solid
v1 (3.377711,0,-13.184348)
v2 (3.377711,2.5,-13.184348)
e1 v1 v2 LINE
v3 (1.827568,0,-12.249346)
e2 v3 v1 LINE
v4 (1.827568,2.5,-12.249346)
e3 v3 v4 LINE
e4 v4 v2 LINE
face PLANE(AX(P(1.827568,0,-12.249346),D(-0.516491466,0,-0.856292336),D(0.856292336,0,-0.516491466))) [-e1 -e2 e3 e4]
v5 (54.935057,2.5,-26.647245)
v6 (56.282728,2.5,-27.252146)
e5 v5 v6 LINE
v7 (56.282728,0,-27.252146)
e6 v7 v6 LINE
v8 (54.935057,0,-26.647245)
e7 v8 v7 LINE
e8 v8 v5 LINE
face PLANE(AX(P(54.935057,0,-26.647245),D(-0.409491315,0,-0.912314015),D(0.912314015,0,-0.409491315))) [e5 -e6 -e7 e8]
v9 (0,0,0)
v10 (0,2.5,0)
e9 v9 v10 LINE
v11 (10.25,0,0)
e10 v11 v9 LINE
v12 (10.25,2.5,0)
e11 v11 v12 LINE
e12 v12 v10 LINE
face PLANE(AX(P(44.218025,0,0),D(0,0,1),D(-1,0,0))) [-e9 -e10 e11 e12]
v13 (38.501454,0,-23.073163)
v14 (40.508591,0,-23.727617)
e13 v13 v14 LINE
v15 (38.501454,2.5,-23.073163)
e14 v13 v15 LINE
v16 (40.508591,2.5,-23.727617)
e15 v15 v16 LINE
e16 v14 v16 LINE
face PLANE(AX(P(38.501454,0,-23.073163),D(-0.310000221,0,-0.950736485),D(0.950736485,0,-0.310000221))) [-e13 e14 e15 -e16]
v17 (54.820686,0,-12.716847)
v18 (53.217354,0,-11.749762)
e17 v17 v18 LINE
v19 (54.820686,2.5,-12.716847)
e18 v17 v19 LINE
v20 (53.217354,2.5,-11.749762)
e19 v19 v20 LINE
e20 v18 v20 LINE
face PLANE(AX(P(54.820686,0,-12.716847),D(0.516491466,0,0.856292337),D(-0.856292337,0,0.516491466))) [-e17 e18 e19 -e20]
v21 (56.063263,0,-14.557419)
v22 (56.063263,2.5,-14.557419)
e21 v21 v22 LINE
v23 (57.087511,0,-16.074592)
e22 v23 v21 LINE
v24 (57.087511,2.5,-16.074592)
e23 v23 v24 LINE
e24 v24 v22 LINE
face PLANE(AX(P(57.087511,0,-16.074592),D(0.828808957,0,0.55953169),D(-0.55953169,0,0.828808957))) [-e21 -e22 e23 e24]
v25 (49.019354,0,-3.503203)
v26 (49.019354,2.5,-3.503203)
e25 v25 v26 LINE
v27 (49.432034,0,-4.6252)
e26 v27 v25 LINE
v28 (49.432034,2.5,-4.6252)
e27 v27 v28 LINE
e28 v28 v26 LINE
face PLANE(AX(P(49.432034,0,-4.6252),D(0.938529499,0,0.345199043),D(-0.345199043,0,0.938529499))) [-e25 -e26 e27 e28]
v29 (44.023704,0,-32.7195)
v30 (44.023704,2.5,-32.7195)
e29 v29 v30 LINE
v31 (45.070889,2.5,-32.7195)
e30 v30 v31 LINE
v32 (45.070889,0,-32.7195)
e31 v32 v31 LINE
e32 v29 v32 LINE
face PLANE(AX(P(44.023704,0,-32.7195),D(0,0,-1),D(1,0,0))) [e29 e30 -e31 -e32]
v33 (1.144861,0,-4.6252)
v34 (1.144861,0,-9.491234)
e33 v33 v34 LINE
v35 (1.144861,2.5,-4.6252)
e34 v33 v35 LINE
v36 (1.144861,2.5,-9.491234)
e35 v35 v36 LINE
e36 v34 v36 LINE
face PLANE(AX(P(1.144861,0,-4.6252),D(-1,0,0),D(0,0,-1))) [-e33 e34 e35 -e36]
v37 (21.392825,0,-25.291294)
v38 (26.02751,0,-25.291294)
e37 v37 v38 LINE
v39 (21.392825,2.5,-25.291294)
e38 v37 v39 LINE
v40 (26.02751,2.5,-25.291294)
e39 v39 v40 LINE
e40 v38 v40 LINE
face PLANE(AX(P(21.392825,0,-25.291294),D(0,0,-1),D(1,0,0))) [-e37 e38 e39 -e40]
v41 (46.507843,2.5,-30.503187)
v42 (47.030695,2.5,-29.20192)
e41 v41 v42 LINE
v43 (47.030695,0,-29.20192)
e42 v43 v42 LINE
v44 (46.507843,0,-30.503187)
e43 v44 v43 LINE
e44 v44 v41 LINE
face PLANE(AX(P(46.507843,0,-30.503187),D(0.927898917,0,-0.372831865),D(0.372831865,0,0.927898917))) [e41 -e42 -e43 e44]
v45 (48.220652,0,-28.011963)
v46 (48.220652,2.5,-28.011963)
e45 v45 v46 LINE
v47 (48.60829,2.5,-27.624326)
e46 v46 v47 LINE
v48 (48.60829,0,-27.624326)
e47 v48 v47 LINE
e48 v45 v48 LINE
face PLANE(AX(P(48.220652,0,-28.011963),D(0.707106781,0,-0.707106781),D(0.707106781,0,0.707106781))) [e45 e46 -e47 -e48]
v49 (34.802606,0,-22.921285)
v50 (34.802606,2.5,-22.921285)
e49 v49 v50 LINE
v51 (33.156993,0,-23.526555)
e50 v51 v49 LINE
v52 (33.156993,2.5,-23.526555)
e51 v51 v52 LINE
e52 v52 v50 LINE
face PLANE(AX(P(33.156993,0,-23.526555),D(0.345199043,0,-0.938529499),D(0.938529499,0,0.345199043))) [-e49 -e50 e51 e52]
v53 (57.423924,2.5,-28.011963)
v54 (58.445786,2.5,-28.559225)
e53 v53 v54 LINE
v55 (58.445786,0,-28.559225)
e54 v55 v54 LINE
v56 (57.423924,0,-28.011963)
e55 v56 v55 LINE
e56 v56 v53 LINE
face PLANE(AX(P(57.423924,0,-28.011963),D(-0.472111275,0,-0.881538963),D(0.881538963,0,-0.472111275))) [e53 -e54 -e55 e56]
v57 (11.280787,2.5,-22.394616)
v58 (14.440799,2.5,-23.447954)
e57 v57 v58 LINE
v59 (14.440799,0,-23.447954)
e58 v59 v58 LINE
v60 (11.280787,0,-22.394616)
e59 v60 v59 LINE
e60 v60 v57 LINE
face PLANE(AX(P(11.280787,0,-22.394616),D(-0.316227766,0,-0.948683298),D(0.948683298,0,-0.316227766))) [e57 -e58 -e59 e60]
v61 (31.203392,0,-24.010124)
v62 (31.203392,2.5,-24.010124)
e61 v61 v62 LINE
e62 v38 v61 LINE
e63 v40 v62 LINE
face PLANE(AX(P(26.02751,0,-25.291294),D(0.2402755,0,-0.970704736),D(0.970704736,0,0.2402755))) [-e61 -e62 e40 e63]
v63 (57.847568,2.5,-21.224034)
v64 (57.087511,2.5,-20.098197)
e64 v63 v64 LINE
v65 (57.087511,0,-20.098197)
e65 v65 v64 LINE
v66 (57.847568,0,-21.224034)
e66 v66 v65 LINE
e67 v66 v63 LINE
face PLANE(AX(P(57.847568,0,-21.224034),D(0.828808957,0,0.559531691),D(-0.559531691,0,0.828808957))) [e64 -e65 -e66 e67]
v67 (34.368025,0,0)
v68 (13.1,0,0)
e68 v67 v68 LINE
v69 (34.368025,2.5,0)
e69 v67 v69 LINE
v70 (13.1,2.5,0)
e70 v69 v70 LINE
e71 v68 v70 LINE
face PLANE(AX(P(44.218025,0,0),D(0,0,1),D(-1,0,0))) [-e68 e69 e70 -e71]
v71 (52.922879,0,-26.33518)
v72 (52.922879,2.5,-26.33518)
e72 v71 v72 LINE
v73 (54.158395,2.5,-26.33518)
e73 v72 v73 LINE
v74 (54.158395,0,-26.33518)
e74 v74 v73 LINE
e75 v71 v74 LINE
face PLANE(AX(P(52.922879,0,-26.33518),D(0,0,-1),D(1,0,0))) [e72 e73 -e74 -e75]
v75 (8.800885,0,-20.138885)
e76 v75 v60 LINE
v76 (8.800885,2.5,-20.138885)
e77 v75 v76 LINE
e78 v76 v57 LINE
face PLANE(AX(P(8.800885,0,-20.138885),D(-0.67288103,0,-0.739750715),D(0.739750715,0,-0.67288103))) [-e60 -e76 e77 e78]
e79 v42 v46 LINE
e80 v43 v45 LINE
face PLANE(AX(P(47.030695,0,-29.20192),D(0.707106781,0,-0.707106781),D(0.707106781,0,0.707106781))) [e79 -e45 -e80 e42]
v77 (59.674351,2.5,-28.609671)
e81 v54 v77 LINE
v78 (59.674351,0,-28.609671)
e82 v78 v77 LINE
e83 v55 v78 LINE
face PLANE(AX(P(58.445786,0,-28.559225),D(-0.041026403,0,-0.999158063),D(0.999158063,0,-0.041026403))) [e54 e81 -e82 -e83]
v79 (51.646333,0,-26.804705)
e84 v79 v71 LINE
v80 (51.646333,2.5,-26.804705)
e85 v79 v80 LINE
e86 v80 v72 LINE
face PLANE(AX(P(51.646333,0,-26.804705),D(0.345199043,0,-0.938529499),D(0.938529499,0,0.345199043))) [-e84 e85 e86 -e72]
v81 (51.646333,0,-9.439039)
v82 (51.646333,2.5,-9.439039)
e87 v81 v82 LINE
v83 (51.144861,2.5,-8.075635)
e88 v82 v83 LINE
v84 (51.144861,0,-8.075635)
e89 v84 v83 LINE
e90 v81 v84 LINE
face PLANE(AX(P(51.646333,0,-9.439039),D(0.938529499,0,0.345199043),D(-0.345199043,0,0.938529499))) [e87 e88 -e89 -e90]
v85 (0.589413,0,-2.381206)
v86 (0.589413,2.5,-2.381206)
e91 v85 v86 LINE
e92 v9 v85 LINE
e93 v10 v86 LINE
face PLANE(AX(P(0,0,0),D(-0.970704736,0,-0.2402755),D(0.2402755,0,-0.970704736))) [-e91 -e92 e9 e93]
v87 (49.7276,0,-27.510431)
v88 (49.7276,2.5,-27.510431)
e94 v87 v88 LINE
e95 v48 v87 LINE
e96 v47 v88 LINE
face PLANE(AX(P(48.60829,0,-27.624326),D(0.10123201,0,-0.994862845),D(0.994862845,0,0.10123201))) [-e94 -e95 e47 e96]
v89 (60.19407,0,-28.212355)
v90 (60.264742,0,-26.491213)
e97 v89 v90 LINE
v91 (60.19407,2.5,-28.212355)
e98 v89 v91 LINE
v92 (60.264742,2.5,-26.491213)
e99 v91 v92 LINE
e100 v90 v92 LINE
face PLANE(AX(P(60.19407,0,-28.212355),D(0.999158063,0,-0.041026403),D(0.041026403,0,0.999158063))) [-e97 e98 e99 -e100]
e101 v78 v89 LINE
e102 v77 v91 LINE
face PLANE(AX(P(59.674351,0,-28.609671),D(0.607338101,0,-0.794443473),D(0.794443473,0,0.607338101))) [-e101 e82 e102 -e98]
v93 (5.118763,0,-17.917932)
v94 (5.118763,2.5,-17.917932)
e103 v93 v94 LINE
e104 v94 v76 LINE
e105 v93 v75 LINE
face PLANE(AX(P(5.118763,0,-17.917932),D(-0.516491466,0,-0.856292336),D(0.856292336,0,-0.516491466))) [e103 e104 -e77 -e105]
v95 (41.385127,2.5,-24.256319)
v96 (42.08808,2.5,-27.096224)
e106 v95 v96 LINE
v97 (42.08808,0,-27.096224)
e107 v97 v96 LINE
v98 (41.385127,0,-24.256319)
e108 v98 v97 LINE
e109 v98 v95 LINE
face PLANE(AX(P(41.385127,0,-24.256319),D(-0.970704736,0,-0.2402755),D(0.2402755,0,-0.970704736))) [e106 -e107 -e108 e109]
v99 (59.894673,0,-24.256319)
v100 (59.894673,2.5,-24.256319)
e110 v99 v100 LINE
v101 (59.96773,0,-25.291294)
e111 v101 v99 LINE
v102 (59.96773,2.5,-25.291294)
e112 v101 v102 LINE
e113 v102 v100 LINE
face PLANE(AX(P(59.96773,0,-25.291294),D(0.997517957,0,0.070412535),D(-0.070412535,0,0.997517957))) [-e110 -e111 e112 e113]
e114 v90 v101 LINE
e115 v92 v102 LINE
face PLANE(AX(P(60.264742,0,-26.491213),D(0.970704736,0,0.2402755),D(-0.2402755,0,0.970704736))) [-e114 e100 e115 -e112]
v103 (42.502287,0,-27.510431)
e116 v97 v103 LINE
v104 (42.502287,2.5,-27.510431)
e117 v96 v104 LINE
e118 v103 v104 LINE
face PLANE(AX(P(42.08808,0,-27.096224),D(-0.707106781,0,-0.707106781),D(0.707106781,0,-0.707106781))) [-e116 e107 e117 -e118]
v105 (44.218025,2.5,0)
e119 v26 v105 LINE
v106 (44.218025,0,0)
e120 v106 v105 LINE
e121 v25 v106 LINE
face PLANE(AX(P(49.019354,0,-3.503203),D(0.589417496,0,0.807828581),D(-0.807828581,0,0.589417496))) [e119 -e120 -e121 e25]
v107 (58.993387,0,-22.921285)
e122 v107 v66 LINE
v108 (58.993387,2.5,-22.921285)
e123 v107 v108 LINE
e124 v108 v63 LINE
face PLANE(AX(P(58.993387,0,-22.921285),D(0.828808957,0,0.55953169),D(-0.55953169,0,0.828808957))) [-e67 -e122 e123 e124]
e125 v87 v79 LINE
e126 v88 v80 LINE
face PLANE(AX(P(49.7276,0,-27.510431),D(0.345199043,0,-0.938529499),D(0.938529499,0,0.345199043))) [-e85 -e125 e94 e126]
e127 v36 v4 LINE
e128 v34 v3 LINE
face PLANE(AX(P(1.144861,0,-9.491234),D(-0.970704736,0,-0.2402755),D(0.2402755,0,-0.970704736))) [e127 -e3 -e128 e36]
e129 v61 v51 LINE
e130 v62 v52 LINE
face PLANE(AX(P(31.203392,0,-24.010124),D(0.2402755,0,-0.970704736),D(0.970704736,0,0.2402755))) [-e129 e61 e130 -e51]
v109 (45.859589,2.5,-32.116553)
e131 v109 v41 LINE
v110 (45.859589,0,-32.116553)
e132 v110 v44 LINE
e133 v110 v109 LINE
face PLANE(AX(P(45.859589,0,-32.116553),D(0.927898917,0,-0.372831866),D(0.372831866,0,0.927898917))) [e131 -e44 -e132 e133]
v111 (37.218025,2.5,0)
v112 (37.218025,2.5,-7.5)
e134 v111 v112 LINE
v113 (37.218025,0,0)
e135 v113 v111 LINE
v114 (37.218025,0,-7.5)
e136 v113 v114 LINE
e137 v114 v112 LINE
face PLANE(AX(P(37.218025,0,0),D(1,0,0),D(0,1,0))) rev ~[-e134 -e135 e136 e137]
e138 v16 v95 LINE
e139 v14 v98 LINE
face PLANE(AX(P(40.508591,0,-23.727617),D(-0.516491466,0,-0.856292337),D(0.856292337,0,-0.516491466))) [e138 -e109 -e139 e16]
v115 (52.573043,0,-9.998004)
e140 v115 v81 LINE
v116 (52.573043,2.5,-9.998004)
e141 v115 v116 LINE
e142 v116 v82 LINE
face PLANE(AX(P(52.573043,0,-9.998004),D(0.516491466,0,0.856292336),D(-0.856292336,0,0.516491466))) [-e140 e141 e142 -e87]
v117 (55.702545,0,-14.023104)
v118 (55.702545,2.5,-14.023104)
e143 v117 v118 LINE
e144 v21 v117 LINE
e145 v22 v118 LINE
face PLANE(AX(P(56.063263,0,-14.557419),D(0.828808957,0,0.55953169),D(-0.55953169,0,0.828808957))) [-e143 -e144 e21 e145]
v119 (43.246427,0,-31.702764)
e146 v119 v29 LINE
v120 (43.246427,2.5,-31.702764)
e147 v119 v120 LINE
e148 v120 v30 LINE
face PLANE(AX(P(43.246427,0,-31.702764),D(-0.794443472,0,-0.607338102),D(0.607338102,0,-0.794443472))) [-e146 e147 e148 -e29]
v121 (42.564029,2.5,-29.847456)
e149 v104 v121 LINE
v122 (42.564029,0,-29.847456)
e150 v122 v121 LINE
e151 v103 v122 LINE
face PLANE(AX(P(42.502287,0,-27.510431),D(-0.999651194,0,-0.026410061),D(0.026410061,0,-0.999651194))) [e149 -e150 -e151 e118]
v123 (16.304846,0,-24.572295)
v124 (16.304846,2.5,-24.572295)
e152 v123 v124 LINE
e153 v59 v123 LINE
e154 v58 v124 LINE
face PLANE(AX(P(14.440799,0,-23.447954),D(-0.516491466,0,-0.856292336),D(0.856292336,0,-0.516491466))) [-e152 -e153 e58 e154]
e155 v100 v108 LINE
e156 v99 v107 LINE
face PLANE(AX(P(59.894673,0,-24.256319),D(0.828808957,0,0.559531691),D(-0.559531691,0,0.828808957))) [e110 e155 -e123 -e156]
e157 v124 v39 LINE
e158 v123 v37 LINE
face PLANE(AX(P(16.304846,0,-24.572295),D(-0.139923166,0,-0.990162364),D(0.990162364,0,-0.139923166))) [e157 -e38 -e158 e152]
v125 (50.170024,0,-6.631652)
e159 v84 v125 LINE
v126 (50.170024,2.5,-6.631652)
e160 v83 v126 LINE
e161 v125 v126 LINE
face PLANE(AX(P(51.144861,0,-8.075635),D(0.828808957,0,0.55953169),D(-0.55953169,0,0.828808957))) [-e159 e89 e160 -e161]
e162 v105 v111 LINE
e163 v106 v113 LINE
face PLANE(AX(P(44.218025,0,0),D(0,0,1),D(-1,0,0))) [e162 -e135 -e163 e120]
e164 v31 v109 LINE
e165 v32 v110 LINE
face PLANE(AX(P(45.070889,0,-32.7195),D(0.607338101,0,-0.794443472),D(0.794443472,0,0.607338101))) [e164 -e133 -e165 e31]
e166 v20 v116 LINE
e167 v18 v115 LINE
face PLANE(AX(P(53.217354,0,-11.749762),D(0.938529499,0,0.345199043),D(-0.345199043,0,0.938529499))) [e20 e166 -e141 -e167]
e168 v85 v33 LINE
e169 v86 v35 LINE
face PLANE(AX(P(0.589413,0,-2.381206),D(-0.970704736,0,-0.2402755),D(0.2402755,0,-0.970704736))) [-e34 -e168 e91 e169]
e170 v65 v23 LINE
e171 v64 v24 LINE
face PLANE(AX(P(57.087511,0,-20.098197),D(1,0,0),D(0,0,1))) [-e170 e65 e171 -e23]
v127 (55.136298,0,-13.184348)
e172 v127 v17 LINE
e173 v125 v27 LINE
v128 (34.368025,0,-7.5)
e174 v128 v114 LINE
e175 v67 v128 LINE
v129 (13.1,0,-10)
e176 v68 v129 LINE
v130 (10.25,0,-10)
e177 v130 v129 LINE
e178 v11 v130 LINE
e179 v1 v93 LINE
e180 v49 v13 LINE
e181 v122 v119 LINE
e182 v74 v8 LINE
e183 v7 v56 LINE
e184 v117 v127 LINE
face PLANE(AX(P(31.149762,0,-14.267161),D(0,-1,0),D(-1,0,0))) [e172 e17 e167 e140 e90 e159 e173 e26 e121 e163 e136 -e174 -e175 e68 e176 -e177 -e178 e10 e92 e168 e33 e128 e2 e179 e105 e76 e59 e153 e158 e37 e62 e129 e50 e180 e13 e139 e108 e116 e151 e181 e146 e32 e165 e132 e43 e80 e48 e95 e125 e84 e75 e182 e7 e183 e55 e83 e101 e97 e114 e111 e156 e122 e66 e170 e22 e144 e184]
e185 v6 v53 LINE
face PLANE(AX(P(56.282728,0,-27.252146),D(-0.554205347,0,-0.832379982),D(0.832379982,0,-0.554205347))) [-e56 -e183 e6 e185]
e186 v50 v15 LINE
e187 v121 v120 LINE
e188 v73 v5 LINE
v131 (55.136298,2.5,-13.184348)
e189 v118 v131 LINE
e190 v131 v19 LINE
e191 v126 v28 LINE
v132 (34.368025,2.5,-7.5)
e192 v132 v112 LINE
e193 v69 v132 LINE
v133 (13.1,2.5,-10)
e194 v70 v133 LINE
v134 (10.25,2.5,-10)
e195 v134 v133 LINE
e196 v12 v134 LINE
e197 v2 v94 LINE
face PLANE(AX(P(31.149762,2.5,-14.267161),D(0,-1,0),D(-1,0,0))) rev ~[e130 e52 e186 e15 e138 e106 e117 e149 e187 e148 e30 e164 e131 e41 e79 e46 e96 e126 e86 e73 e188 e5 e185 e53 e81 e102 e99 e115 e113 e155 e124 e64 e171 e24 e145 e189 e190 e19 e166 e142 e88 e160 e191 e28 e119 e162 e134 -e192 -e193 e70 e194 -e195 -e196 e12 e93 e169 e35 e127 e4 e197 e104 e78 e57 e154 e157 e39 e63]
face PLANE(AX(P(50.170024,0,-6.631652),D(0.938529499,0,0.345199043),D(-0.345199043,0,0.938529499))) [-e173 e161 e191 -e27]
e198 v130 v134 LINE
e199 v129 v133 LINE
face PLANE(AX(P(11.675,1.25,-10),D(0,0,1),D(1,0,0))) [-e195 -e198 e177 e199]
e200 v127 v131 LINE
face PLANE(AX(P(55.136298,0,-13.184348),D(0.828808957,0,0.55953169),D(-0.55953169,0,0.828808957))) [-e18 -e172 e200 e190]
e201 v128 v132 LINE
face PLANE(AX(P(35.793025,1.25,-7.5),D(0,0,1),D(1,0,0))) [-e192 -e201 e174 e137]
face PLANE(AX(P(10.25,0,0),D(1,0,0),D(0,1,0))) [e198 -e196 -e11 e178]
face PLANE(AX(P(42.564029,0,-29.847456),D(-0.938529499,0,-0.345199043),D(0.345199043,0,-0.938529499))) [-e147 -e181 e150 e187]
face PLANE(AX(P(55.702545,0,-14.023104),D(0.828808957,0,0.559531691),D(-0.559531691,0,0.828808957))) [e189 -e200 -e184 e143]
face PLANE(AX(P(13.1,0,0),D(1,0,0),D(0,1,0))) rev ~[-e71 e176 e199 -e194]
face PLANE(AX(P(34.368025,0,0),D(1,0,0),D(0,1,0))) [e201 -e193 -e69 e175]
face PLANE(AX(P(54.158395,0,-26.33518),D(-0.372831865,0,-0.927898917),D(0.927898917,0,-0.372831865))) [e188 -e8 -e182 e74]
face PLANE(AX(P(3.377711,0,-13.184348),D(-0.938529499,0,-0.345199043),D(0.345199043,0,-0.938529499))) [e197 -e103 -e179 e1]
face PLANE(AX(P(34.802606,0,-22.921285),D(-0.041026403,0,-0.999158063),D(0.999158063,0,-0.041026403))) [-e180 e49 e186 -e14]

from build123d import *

# Parameters (mm, degrees)
BOSS_EXTRUDE4_DEPTH = 2.5
SKETCH3_W           = 2.85
SKETCH3_H           = 2.5
CUT_EXTRUDE1_DEPTH  = 10
SKETCH4_W           = 2.85
SKETCH4_H           = 2.5
CUT_EXTRUDE2_DEPTH  = 7.5


with BuildPart() as part:
    # Sketch2 → Boss-Extrude4 (new body)
    with BuildSketch(Plane(origin=(0, 0, 0), x_dir=(1, 0, 0), z_dir=(0, 1, 0))):
        Polygon((0, 0), (0.589412548, 2.381206373), (1.144861346, 4.62520037), (1.144861346, 9.49123355), (1.827568156, 12.249345527), (3.377711093, 13.184348171), (5.118763194, 17.917932427), (8.800884637, 20.138884573), (11.280786748, 22.394616205), (14.440798826, 23.447953565), (16.304846177, 24.572294527), (21.3928254, 25.291293944), (26.027509782, 25.291293944), (31.203392004, 24.010124046), (33.156993004, 23.526555316), (34.802606354, 22.921284885), (38.501454152, 23.073163176), (40.508590996, 23.727616723), (41.385127416, 24.256318851), (42.088080237, 27.096224014), (42.502286902, 27.510430679), (42.564029409, 29.84745559), (43.246427291, 31.702763579), (44.023704459, 32.719500007), (45.070889284, 32.719500007), (45.859589446, 32.116552566), (46.507843196, 30.50318738), (47.03069527, 29.201920191), (48.220652238, 28.011963224), (48.608289607, 27.624325855), (49.727600372, 27.510430679), (51.646333081, 26.804704651), (52.922878944, 26.335180347), (54.158394758, 26.335180347), (54.935057216, 26.647245064), (56.282727814, 27.252145785), (57.423923636, 28.011963224), (58.445785658, 28.559225004), (59.674350615, 28.609671077), (60.194070138, 28.212354617), (60.2647419, 26.491212706), (59.967729771, 25.291293944), (59.894673222, 24.256318851), (58.99338734, 22.921284885), (57.847567942, 21.224034494), (57.087511308, 20.098197019), (57.087511308, 16.074592048), (56.063262547, 14.557418737), (55.70254482, 14.023103901), (55.136298029, 13.184348171), (54.820686328, 12.716846849), (53.217353691, 11.749761674), (52.573042644, 9.998004432), (51.646333081, 9.439039274), (51.144861346, 8.07563452), (50.17002425, 6.631652471), (49.432034292, 4.62520037), (49.01935436, 3.503203372), (44.218024527, 0), align=None)
    extrude(amount=BOSS_EXTRUDE4_DEPTH)

    # Sketch3 → Cut-Extrude1 (cut)
    with BuildSketch(Plane.XY):
        with Locations((11.675, 1.25)):
            Rectangle(SKETCH3_W, SKETCH3_H)
    extrude(amount=-CUT_EXTRUDE1_DEPTH, mode=Mode.SUBTRACT)

    # Sketch4 → Cut-Extrude2 (cut)
    with BuildSketch(Plane.XY):
        with Locations((35.793024527, 1.25)):
            Rectangle(SKETCH4_W, SKETCH4_H)
    extrude(amount=-CUT_EXTRUDE2_DEPTH, mode=Mode.SUBTRACT)


solid = part.part
